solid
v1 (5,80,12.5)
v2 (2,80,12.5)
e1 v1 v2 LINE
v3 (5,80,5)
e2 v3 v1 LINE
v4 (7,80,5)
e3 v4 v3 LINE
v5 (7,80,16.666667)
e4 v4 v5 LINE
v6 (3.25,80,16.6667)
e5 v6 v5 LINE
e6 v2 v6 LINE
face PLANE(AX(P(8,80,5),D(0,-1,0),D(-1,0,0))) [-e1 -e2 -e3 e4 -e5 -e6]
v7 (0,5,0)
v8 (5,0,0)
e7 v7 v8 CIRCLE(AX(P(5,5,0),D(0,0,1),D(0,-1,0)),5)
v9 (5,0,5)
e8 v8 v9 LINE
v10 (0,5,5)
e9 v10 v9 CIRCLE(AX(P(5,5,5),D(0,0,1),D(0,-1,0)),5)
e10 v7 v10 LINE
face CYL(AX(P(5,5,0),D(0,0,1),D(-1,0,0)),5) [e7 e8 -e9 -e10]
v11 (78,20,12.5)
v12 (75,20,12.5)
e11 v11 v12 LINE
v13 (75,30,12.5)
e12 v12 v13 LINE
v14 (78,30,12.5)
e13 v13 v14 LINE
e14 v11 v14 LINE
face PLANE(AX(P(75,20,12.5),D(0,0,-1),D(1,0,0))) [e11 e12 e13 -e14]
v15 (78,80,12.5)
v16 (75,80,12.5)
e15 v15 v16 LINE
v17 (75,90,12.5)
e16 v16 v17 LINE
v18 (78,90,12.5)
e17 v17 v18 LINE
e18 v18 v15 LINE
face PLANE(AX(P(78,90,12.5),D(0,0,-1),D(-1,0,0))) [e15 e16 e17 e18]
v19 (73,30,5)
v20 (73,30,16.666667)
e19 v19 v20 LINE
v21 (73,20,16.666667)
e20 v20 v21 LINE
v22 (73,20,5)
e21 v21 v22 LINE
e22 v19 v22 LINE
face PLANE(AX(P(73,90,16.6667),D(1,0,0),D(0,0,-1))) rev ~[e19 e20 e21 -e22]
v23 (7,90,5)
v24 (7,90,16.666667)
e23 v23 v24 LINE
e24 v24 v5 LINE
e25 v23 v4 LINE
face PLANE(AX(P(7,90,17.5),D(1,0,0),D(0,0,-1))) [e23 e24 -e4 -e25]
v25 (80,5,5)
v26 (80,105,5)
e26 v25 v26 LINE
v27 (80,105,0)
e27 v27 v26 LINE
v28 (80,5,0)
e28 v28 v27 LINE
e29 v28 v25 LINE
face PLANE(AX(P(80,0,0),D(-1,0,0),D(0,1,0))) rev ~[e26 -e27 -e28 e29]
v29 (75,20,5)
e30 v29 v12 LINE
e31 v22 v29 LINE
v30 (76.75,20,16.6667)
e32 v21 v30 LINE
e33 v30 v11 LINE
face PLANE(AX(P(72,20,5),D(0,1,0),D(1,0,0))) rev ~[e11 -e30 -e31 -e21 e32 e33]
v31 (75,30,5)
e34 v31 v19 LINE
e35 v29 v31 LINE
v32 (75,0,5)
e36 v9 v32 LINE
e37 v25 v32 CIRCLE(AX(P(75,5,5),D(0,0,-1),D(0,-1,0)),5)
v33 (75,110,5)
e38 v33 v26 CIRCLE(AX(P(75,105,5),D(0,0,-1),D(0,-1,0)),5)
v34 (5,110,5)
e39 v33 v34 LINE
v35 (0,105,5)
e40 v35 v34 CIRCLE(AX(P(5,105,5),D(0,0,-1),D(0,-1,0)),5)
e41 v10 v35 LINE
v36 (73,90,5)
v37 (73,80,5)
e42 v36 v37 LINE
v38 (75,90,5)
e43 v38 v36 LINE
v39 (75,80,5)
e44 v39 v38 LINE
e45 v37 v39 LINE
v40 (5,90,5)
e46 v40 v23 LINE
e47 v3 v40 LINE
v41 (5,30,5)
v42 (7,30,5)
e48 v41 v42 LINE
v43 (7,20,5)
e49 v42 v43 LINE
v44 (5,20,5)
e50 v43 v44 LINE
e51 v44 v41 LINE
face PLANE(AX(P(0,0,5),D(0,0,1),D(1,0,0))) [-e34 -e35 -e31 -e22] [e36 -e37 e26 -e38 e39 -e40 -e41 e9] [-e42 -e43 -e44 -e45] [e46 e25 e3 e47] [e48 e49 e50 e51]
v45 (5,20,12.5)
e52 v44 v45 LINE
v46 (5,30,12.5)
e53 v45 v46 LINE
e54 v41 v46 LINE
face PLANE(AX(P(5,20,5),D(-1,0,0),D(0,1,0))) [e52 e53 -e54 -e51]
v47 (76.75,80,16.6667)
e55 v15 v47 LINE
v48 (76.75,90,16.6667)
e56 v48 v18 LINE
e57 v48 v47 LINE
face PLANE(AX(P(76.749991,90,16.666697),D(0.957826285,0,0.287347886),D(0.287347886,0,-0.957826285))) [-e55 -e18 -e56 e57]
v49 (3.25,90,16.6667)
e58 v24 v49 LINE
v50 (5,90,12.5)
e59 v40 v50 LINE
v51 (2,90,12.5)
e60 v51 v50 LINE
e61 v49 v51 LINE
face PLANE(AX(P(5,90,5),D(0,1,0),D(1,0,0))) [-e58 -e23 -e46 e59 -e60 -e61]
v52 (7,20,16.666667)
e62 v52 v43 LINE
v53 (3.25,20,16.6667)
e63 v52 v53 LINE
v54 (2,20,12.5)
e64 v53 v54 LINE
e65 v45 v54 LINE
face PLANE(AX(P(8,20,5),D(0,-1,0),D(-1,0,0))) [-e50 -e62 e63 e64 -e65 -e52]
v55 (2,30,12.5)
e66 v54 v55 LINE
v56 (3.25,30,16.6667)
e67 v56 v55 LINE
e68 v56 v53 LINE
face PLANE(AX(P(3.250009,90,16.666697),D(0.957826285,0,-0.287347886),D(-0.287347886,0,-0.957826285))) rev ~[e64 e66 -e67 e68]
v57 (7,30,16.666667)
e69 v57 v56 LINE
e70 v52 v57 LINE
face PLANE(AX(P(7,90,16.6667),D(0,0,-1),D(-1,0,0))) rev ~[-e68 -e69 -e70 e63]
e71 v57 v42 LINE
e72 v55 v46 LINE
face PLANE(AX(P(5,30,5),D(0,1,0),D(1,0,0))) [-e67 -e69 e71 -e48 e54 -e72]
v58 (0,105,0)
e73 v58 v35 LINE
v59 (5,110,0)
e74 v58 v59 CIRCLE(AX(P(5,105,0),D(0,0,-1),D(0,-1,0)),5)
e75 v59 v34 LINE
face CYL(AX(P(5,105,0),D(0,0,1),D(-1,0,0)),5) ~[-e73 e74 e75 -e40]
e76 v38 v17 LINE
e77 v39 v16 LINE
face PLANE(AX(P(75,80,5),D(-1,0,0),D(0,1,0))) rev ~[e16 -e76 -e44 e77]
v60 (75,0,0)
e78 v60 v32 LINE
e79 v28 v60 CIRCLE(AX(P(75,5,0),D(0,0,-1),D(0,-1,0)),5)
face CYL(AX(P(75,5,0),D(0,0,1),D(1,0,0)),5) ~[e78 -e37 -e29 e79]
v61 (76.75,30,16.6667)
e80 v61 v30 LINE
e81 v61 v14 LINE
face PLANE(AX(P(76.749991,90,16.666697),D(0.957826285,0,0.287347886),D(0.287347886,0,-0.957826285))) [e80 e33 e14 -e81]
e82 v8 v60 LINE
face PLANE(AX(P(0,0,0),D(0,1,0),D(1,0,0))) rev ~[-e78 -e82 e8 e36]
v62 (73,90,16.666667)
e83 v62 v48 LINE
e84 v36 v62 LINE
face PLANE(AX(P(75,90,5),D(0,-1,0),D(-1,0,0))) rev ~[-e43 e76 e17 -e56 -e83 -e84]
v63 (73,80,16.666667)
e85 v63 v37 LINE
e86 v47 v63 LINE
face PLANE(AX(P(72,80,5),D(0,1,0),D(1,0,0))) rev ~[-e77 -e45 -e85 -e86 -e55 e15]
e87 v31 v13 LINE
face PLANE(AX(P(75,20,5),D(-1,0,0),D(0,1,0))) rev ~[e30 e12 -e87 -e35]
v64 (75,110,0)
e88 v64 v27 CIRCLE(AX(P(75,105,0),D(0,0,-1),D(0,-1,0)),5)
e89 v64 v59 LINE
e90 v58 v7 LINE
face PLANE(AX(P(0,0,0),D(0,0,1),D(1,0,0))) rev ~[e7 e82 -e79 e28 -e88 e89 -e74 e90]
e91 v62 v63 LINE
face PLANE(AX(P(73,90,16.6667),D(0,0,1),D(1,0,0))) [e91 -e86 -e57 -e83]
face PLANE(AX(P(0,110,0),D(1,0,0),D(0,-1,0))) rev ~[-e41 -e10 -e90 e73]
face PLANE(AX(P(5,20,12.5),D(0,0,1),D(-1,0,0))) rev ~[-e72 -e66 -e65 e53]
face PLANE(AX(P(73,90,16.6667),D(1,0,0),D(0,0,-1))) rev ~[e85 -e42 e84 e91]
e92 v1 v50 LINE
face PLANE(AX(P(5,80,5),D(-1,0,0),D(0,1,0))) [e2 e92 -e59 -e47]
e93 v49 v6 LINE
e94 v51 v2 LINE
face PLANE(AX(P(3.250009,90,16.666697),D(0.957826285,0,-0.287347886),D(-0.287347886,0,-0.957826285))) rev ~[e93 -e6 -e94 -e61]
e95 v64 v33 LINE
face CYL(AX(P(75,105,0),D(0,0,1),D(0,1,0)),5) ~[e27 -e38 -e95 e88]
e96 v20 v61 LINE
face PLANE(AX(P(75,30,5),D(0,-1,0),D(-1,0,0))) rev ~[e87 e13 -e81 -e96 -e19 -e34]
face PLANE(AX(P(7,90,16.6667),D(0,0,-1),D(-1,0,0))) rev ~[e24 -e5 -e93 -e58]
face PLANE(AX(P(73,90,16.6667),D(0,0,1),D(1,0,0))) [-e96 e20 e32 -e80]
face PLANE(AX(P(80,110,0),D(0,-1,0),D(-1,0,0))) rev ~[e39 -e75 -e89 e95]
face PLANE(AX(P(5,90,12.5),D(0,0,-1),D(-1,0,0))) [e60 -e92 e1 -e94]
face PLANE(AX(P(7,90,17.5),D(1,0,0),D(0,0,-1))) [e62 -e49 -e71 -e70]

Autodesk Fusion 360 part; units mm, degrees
sketch "Sketch1" plane through (0, 0, 0) normal (0, 0, 1) x (1, 0, 0)
  line L0 (0, 0) -> (80, 0)
  line L1 (80, 0) -> (80, 110)
  line L2 (80, 110) -> (0, 110)
  line L3 (0, 110) -> (0, 0)
  dimension "d1" = 80
  dimension "d2" = 110
extrude "Extrude1" add sketch "Sketch1" along normal blind 5
fillet "Fillet1" radius 5 4 edges at (80, 0, 2.5) (0, 0, 2.5) (80, 110, 2.5) (0, 110, 2.5)
sketch "Sketch2" plane through (0, 0, 5) normal (0, 0, 1) x (-1, 0, 0)
  arc A0 (-5, -110) -> (0, -105) centre (-5, -105) ccw
  line L0 (0, -105) -> (0, -5)
  arc A1 (0, -5) -> (-5, 0) centre (-5, -5) ccw
  line L1 (-5, 0) -> (-75, 0)
  arc A2 (-75, 0) -> (-80, -5) centre (-75, -5) ccw
  line L2 (-80, -5) -> (-80, -105)
  arc A3 (-80, -105) -> (-75, -110) centre (-75, -105) ccw
  line L3 (-75, -110) -> (-5, -110)
  line L4 (-5, -30) -> (-8, -30)
  line L5 (-8, -30) -> (-8, -20)
  line L6 (-8, -20) -> (-5, -20)
  line L7 (-5, -20) -> (-5, -30)
  line L8 (-5, -90) -> (-8, -90)
  line L9 (-8, -90) -> (-8, -80)
  line L10 (-8, -80) -> (-5, -80)
  line L11 (-5, -80) -> (-5, -90)
  line L12 (0, 0) -> (-40, 0)
  line L13 (-40, 0) -> (-40, -110)
  line L14 (-75, -90) -> (-72, -90)
  line L15 (-72, -90) -> (-72, -80)
  line L16 (-75, -80) -> (-75, -90)
  line L17 (-72, -80) -> (-75, -80)
  line L18 (-75, -30) -> (-72, -30)
  line L19 (-72, -20) -> (-75, -20)
  line L20 (-75, -20) -> (-75, -30)
  line L21 (-72, -30) -> (-72, -20)
  dimension "d7" = 3
  dimension "d8" = 10
  dimension "d9" = 3
  dimension "d10" = 10
  dimension "d11" = 5
  dimension "d12" = 5
  dimension "d13" = 20
  dimension "d14" = 20
  dimension "d15" = 40
extrude "Extrude2" add sketch "Sketch2" along normal blind 7.5 contours L4 L5 L6 L7 | L8 L9 L10 L11 | L14 L15 L16 L17 | L18 L19 L20 L21
sketch "Sketch3" plane through (0, 20, 0) normal (0, -1, 0) x (1, 0, 0)
  line L0 (5, 5) -> (8, 5)
  line L1 (8, 5) -> (8, 12.5)
  line L2 (8, 12.5) -> (5, 12.5)
  line L3 (5, 12.5) -> (5, 5)
  line L4 (5, 12.5) -> (2, 12.5)
  line L5 (8, 12.5) -> (8, 17.5)
  line L6 (8, 17.5) -> (2, 12.5)
  line L7 (72, 12.5) -> (72, 17.5)
  line L8 (75, 12.5) -> (78, 12.5)
  line L9 (72, 17.5) -> (78, 12.5)
  line L10 (72, 12.5) -> (75, 12.5)
  dimension "d18" = 5
  dimension "d48" = 3
  dimension "d54" = 5
  dimension "d55" = 3
extrude "Extrude3" add sketch "Sketch3" against normal blind 10 contours L2 L4 L5 L6 | L7 L8 L9 L10
sketch "Sketch4" plane through (0, 90, 0) normal (0, 1, 0) x (-1, 0, 0)
  line L0 (-75, 5) -> (-72, 5)
  line L1 (-72, 5) -> (-72, 12.5)
  line L2 (-72, 12.5) -> (-75, 12.5)
  line L3 (-75, 12.5) -> (-75, 5)
  line L4 (-78, 12.5) -> (-72, 17.5)
  line L5 (-72, 17.5) -> (-72, 12.5)
  line L6 (-78, 12.5) -> (-75, 12.5)
  line L7 (-8, 12.5) -> (-5, 12.5)
  line L8 (-5, 12.5) -> (-2, 12.5)
  line L9 (-8, 12.5) -> (-8, 17.5)
  line L10 (-8, 17.5) -> (-2, 12.5)
  dimension "d42" = 5
  dimension "d43" = 3
  dimension "d46" = 3
  dimension "d47" = 3
  dimension "d52" = 5
extrude "Extrude4" add sketch "Sketch4" against normal blind 10 contours L2 L4 L5 L6 | L7 L8 L9 L10
sketch "Sketch9" plane through (0, 90, 0) normal (0, 1, 0) x (-1, 0, 0)
  line L0 (-75, 5) -> (-72, 5)
  line L1 (-72, 5) -> (-72, 17.5)
  line L2 (-72, 17.5) -> (-78, 12.5)
  line L3 (-78, 12.5) -> (-75, 12.5)
  line L4 (-75, 12.5) -> (-75, 5)
  line L5 (-72, 17.5) -> (-76.5, 17.5)
  line L6 (-76.5, 17.5) -> (-78, 12.5)
  line L7 (-72, 17.5) -> (-73, 17.5)
  line L8 (-73, 17.5) -> (-73, 5)
  line L9 (-73, 5) -> (-72, 5)
  line L10 (-72, 5) -> (-72, 17.5)
  line L11 (-73, 16.6667) -> (-76.75, 16.6667)
  dimension "d56" = 4.5
  dimension "d57" = 1
sketch "Sketch10" plane through (0, 90, 0) normal (0, 1, 0) x (-1, 0, 0)
  line L0 (-8, 5) -> (-5, 5)
  line L1 (-5, 5) -> (-5, 12.5)
  line L2 (-5, 12.5) -> (-2, 12.5)
  line L3 (-2, 12.5) -> (-8, 17.5)
  line L4 (-8, 17.5) -> (-8, 5)
  line L5 (-8, 17.5) -> (-3.5, 17.5)
  line L6 (-3.5, 17.5) -> (-2, 12.5)
  line L7 (-8, 17.5) -> (-7, 17.5)
  line L8 (-7, 17.5) -> (-7, 5)
  line L9 (-7, 5) -> (-8, 5)
  line L10 (-8, 5) -> (-8, 17.5)
  line L11 (-7, 16.6667) -> (-3.25, 16.6667)
  dimension "d58" = 4.5
  dimension "d59" = 1
extrude "Extrude8" cut sketch "Sketch10" sketch "Sketch9" against normal blind 70 contours L0 L3 L4 L8 L9 L10 | L3 L5 L7 L8 of sketch 2 contours L0 L1 L2 L8 L9 L10 | L2 L5 L7 L8
extrude "Extrude9" add sketch "Sketch10" sketch "Sketch9" against normal blind 70 contours L3 L6 L11 of sketch 2 contours L2 L6 L11
sketch "Sketch11" plane through (0, 0, 0) normal (-1, 0, 0) x (0, -1, 0)
  line L0 (-105, 5) -> (-105, 0)
  line L1 (-105, 0) -> (-5, 0)
  line L2 (-5, 0) -> (-5, 5)
  line L3 (-5, 5) -> (-105, 5)
  line L4 (-110, 5) -> (-80, 5)
  line L5 (-80, 5) -> (-30, 5)
  line L6 (-30, 5) -> (-30, 26)
  line L7 (-30, 26) -> (-80, 26)
  line L8 (-80, 26) -> (-80, 5)
  dimension "d64" = 50
extrude "Extrude10" cut sketch "Sketch11" against normal blind 100 contours L3 L5 L6 L7 L8
